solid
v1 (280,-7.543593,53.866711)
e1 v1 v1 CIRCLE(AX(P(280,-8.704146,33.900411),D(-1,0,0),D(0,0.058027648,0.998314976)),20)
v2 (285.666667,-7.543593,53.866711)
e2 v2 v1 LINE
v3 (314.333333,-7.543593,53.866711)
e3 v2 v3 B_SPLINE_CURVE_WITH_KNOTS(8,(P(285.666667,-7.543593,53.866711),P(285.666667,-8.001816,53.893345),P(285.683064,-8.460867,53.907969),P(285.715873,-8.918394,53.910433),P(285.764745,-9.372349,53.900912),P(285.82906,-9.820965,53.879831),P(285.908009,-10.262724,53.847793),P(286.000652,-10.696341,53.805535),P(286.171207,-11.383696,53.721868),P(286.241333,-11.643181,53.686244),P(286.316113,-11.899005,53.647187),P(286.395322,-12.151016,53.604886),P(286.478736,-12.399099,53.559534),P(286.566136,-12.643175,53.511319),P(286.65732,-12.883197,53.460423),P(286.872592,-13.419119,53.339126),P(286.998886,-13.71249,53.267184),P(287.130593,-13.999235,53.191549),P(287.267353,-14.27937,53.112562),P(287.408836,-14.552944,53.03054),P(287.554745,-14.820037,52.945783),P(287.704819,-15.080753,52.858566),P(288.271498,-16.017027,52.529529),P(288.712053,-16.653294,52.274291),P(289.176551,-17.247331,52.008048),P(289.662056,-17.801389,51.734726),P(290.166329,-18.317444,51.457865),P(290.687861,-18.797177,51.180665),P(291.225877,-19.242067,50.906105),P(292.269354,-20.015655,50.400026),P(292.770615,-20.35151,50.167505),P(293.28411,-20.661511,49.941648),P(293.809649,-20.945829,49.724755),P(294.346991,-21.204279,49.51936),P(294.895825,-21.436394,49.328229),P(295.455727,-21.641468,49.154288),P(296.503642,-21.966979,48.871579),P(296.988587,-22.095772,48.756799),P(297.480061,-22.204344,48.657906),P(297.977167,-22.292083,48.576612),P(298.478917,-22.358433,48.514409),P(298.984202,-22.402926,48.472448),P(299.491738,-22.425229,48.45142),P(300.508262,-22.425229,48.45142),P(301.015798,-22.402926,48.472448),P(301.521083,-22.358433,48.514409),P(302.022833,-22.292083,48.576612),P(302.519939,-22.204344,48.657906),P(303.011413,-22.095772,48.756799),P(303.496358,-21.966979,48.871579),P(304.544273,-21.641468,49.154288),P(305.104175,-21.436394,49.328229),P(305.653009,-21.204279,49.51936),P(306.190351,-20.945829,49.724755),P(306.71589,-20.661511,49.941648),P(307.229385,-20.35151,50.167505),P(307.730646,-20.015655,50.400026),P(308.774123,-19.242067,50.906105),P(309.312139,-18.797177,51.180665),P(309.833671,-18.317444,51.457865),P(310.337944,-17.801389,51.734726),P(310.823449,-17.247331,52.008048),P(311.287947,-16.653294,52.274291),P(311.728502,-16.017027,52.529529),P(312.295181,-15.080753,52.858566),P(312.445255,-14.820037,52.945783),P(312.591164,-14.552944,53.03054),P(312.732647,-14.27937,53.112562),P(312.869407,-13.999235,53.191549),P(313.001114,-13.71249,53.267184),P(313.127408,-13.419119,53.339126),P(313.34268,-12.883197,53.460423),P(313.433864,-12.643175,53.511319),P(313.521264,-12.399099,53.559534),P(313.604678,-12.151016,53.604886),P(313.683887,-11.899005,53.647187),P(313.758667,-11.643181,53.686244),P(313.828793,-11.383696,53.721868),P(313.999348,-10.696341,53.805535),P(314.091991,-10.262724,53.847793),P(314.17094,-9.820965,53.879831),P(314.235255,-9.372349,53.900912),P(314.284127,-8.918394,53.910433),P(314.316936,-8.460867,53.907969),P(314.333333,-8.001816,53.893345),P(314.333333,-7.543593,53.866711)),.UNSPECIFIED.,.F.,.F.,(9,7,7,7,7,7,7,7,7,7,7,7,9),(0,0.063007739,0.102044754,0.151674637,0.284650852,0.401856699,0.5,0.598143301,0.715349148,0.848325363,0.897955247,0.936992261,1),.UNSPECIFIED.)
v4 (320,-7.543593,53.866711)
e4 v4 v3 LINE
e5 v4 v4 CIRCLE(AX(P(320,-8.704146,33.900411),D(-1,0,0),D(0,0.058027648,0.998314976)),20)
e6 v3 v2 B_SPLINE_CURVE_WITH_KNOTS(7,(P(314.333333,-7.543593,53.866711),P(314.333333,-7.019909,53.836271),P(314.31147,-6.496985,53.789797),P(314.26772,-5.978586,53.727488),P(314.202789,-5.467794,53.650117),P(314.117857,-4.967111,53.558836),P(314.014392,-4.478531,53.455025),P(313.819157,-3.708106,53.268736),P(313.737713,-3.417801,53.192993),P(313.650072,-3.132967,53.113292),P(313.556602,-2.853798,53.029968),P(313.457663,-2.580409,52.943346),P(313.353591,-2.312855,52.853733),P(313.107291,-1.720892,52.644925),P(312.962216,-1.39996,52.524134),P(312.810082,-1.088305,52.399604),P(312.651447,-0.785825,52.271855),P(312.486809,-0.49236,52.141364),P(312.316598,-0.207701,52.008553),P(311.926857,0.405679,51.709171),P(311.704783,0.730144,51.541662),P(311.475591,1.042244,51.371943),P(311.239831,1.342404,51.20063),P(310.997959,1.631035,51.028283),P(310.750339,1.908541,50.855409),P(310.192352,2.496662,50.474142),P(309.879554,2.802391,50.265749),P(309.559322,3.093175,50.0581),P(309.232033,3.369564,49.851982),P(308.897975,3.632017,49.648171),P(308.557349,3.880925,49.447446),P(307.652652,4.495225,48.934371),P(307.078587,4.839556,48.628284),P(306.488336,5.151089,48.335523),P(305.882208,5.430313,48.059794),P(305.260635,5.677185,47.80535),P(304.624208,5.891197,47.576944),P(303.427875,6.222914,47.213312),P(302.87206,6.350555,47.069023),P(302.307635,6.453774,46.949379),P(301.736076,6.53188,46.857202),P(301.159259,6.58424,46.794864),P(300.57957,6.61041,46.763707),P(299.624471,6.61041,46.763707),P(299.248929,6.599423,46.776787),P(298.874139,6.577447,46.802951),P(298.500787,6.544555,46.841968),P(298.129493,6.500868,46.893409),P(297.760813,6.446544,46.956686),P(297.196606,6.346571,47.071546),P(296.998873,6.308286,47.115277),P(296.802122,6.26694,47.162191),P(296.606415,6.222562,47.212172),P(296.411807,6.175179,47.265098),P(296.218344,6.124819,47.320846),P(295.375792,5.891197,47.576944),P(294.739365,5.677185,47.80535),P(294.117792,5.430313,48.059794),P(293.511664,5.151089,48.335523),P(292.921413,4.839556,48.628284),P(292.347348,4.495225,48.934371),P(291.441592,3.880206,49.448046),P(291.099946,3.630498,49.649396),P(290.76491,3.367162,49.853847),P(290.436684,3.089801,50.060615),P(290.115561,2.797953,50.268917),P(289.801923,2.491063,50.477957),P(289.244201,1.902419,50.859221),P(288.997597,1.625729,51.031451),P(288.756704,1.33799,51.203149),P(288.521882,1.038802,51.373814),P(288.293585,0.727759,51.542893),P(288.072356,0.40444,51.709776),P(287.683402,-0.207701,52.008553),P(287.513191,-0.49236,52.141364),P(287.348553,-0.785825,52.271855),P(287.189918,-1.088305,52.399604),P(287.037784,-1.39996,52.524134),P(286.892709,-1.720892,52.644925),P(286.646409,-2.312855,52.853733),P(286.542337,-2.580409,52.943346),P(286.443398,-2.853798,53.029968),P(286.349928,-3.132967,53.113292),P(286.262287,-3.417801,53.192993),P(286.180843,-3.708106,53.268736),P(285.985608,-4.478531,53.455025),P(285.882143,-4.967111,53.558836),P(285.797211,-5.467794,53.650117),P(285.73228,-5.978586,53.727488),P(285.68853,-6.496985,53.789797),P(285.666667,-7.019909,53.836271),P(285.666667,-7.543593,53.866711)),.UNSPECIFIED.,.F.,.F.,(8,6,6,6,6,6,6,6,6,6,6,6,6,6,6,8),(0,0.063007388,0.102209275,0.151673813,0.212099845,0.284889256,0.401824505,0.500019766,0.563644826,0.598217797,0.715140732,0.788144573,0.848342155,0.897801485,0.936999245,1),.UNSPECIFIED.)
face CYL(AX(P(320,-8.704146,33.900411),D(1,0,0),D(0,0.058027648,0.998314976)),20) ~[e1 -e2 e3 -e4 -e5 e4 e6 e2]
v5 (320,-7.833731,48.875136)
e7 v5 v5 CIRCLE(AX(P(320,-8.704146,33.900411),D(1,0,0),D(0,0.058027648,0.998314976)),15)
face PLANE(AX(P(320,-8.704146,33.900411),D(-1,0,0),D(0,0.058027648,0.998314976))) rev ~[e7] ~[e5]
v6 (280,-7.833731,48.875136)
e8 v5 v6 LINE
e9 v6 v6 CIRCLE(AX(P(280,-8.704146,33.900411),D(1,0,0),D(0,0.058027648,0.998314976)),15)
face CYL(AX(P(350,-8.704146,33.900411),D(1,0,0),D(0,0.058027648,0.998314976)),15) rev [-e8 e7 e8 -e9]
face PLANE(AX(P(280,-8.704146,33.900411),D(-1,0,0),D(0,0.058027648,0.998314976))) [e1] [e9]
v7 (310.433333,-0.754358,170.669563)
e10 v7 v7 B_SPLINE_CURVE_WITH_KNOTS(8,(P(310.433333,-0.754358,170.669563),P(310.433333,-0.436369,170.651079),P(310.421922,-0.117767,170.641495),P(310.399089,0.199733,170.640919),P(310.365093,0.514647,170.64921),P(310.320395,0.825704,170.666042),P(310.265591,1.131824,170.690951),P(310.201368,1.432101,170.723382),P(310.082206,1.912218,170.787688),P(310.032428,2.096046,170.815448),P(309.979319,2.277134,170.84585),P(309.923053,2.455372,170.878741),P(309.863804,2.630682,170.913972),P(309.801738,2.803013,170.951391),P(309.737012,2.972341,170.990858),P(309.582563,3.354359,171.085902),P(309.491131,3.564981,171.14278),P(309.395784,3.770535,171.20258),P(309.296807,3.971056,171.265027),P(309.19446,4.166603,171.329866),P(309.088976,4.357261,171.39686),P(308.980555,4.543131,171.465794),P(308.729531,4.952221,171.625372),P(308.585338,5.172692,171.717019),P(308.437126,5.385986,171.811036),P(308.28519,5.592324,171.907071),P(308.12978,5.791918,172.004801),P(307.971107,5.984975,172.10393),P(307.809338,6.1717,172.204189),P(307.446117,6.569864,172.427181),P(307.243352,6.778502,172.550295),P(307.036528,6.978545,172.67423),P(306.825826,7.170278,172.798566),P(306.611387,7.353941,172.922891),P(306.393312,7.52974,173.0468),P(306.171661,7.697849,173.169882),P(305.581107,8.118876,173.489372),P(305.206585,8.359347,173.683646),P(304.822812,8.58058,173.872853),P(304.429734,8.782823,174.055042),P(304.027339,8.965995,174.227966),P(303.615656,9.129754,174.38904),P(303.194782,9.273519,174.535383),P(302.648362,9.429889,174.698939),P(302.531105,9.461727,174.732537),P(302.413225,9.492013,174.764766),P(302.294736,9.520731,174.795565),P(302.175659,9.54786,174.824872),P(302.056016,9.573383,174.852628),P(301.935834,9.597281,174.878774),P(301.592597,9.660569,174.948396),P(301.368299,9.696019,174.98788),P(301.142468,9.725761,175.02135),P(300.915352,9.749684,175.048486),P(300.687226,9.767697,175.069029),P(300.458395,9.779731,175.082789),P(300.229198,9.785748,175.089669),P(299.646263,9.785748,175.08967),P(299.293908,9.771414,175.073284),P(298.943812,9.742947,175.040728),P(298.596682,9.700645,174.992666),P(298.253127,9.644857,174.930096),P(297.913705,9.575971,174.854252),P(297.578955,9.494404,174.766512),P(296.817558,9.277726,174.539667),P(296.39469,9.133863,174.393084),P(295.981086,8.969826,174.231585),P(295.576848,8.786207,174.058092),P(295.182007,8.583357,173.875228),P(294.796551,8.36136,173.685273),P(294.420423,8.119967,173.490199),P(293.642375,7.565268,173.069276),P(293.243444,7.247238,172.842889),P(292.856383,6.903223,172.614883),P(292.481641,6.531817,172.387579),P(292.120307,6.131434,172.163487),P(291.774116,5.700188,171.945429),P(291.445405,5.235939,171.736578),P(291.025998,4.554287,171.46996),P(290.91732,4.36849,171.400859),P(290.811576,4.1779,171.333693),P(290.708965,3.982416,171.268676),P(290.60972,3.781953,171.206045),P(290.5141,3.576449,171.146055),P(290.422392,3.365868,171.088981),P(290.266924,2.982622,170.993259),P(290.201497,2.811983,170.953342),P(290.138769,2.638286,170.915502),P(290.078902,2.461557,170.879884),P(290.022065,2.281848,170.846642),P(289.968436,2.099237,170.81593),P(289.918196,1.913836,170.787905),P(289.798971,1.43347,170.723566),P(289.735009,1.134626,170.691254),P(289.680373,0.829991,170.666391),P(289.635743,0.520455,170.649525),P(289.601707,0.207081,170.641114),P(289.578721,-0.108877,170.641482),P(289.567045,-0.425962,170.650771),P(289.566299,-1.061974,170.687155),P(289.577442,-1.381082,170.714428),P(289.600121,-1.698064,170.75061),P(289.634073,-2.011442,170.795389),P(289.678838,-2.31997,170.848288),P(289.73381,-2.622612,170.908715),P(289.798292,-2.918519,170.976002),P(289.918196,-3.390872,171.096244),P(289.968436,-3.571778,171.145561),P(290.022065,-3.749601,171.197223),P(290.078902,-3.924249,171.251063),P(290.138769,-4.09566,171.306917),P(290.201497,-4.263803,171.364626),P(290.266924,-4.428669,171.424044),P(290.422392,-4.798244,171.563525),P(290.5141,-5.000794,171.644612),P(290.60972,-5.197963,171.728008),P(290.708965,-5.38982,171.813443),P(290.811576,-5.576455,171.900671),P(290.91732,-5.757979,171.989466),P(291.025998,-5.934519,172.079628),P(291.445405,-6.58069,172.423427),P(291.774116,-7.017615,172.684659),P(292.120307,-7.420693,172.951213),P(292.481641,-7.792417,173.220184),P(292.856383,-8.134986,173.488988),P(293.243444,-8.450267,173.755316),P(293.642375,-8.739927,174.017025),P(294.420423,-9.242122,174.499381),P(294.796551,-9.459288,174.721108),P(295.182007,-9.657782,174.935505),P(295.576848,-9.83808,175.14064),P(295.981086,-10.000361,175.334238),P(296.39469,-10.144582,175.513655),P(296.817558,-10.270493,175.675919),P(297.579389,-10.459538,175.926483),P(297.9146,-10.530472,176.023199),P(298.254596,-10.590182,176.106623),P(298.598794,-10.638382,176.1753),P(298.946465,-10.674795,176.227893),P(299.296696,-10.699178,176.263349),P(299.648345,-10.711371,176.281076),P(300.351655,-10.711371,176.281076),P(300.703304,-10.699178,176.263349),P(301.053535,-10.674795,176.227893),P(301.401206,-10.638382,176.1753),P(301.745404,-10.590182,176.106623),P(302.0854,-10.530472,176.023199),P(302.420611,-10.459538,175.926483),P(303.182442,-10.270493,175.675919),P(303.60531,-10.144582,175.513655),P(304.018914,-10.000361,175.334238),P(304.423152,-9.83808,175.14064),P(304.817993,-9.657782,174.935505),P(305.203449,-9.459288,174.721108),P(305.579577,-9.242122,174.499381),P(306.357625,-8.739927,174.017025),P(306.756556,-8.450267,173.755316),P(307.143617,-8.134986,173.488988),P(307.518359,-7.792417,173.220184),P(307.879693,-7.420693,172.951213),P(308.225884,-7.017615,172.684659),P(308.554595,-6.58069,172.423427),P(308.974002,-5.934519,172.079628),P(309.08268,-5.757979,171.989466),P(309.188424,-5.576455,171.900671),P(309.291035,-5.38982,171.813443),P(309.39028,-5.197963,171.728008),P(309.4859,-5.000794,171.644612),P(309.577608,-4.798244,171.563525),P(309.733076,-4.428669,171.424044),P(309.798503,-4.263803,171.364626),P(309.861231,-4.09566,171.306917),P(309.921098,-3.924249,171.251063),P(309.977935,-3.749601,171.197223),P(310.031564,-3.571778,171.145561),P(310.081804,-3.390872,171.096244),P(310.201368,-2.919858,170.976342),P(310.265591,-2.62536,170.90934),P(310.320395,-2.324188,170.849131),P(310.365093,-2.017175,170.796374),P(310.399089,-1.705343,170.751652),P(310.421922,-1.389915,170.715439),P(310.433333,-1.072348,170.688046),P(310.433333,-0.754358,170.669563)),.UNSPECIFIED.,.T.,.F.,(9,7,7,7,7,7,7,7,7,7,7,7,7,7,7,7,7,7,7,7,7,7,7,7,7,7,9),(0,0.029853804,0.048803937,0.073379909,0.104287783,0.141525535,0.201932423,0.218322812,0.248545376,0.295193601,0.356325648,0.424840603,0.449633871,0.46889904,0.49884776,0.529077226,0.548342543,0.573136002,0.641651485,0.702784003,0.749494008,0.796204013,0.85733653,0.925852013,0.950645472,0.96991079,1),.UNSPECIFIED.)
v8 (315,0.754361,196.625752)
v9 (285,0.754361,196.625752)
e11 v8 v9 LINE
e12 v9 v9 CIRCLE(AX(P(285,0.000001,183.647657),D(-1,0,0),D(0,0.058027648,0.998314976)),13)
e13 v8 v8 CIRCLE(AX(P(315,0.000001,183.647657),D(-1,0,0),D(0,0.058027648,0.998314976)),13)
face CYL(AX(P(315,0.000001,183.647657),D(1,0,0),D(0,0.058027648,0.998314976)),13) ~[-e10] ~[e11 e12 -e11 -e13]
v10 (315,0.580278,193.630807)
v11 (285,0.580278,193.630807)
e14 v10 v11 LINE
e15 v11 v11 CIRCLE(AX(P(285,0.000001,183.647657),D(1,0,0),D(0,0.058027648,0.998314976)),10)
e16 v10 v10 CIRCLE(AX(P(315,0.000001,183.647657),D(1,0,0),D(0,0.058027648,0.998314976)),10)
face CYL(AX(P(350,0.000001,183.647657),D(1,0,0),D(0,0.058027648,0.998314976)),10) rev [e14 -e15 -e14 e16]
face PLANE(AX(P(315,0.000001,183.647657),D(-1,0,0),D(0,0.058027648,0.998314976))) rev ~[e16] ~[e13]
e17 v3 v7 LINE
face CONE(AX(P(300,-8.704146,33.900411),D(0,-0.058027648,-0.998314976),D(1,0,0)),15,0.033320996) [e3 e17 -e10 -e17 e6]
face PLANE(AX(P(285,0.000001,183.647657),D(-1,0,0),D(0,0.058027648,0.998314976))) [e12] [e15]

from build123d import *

# Parameters (mm, degrees)
CYLINDER023_R          = 10
CYLINDER023_DEPTH      = 100
CYLINDER024_R          = 15
CYLINDER024_DEPTH      = 100
CYLINDER022_R          = 13
CYLINDER022_DEPTH      = 30
CYLINDER021_R          = 20
CYLINDER021_DEPTH      = 40
CUT014_PLACEMENT_ANGLE = 356.673392


with BuildPart() as cylinder023:
    # Cylinder023 → Cylinder023 (new body)
    with BuildSketch(Plane(origin=(50, 0, 150), x_dir=(0, 0, 1), z_dir=(-1, 0, 0))):
        Circle(CYLINDER023_R)
    extrude(amount=CYLINDER023_DEPTH)


with BuildPart() as compound009:
    # Cylinder024 → Cylinder024 (new body)
    with BuildSketch(Plane.ZY.offset(-50)):
        Circle(CYLINDER024_R)
    extrude(amount=CYLINDER024_DEPTH)

    # Compound009: union Cylinder023
    add(cylinder023.part)


with BuildPart() as cone004:
    # Cone001003 → Cone001003 (revolve)
    with BuildSketch(Plane.XZ):
        Polygon((0, 0), (15, 0), (10, 150), (0, 150), align=None)
    revolve(axis=Axis((0, 0, 0), (0, 0, 1)))


with BuildPart() as cylinder022:
    # Cylinder022 → Cylinder022 (new body)
    with BuildSketch(Plane(origin=(15, 0, 150), x_dir=(0, 0, 1), z_dir=(-1, 0, 0))):
        Circle(CYLINDER022_R)
    extrude(amount=CYLINDER022_DEPTH)


with BuildPart() as crank001:
    # Cylinder021 → Cylinder021 (new body)
    with BuildSketch(Plane.ZY.offset(-20)):
        Circle(CYLINDER021_R)
    extrude(amount=CYLINDER021_DEPTH)

    # Fusion003002003004005: union Cone004, Cylinder022
    add(cone004.part)
    add(cylinder022.part)

    # Cut014: cut Compound009
    add(compound009.part, mode=Mode.SUBTRACT)


with BuildPart() as crank001_1:
    # Cut014 placement: moved
    add(crank001.part.moved(Location((300, -8.704146, 33.900411))).rotate(Axis((300, -8.704146, 33.900411), (1, 0, 0)), CUT014_PLACEMENT_ANGLE))


solid = crank001_1.part
